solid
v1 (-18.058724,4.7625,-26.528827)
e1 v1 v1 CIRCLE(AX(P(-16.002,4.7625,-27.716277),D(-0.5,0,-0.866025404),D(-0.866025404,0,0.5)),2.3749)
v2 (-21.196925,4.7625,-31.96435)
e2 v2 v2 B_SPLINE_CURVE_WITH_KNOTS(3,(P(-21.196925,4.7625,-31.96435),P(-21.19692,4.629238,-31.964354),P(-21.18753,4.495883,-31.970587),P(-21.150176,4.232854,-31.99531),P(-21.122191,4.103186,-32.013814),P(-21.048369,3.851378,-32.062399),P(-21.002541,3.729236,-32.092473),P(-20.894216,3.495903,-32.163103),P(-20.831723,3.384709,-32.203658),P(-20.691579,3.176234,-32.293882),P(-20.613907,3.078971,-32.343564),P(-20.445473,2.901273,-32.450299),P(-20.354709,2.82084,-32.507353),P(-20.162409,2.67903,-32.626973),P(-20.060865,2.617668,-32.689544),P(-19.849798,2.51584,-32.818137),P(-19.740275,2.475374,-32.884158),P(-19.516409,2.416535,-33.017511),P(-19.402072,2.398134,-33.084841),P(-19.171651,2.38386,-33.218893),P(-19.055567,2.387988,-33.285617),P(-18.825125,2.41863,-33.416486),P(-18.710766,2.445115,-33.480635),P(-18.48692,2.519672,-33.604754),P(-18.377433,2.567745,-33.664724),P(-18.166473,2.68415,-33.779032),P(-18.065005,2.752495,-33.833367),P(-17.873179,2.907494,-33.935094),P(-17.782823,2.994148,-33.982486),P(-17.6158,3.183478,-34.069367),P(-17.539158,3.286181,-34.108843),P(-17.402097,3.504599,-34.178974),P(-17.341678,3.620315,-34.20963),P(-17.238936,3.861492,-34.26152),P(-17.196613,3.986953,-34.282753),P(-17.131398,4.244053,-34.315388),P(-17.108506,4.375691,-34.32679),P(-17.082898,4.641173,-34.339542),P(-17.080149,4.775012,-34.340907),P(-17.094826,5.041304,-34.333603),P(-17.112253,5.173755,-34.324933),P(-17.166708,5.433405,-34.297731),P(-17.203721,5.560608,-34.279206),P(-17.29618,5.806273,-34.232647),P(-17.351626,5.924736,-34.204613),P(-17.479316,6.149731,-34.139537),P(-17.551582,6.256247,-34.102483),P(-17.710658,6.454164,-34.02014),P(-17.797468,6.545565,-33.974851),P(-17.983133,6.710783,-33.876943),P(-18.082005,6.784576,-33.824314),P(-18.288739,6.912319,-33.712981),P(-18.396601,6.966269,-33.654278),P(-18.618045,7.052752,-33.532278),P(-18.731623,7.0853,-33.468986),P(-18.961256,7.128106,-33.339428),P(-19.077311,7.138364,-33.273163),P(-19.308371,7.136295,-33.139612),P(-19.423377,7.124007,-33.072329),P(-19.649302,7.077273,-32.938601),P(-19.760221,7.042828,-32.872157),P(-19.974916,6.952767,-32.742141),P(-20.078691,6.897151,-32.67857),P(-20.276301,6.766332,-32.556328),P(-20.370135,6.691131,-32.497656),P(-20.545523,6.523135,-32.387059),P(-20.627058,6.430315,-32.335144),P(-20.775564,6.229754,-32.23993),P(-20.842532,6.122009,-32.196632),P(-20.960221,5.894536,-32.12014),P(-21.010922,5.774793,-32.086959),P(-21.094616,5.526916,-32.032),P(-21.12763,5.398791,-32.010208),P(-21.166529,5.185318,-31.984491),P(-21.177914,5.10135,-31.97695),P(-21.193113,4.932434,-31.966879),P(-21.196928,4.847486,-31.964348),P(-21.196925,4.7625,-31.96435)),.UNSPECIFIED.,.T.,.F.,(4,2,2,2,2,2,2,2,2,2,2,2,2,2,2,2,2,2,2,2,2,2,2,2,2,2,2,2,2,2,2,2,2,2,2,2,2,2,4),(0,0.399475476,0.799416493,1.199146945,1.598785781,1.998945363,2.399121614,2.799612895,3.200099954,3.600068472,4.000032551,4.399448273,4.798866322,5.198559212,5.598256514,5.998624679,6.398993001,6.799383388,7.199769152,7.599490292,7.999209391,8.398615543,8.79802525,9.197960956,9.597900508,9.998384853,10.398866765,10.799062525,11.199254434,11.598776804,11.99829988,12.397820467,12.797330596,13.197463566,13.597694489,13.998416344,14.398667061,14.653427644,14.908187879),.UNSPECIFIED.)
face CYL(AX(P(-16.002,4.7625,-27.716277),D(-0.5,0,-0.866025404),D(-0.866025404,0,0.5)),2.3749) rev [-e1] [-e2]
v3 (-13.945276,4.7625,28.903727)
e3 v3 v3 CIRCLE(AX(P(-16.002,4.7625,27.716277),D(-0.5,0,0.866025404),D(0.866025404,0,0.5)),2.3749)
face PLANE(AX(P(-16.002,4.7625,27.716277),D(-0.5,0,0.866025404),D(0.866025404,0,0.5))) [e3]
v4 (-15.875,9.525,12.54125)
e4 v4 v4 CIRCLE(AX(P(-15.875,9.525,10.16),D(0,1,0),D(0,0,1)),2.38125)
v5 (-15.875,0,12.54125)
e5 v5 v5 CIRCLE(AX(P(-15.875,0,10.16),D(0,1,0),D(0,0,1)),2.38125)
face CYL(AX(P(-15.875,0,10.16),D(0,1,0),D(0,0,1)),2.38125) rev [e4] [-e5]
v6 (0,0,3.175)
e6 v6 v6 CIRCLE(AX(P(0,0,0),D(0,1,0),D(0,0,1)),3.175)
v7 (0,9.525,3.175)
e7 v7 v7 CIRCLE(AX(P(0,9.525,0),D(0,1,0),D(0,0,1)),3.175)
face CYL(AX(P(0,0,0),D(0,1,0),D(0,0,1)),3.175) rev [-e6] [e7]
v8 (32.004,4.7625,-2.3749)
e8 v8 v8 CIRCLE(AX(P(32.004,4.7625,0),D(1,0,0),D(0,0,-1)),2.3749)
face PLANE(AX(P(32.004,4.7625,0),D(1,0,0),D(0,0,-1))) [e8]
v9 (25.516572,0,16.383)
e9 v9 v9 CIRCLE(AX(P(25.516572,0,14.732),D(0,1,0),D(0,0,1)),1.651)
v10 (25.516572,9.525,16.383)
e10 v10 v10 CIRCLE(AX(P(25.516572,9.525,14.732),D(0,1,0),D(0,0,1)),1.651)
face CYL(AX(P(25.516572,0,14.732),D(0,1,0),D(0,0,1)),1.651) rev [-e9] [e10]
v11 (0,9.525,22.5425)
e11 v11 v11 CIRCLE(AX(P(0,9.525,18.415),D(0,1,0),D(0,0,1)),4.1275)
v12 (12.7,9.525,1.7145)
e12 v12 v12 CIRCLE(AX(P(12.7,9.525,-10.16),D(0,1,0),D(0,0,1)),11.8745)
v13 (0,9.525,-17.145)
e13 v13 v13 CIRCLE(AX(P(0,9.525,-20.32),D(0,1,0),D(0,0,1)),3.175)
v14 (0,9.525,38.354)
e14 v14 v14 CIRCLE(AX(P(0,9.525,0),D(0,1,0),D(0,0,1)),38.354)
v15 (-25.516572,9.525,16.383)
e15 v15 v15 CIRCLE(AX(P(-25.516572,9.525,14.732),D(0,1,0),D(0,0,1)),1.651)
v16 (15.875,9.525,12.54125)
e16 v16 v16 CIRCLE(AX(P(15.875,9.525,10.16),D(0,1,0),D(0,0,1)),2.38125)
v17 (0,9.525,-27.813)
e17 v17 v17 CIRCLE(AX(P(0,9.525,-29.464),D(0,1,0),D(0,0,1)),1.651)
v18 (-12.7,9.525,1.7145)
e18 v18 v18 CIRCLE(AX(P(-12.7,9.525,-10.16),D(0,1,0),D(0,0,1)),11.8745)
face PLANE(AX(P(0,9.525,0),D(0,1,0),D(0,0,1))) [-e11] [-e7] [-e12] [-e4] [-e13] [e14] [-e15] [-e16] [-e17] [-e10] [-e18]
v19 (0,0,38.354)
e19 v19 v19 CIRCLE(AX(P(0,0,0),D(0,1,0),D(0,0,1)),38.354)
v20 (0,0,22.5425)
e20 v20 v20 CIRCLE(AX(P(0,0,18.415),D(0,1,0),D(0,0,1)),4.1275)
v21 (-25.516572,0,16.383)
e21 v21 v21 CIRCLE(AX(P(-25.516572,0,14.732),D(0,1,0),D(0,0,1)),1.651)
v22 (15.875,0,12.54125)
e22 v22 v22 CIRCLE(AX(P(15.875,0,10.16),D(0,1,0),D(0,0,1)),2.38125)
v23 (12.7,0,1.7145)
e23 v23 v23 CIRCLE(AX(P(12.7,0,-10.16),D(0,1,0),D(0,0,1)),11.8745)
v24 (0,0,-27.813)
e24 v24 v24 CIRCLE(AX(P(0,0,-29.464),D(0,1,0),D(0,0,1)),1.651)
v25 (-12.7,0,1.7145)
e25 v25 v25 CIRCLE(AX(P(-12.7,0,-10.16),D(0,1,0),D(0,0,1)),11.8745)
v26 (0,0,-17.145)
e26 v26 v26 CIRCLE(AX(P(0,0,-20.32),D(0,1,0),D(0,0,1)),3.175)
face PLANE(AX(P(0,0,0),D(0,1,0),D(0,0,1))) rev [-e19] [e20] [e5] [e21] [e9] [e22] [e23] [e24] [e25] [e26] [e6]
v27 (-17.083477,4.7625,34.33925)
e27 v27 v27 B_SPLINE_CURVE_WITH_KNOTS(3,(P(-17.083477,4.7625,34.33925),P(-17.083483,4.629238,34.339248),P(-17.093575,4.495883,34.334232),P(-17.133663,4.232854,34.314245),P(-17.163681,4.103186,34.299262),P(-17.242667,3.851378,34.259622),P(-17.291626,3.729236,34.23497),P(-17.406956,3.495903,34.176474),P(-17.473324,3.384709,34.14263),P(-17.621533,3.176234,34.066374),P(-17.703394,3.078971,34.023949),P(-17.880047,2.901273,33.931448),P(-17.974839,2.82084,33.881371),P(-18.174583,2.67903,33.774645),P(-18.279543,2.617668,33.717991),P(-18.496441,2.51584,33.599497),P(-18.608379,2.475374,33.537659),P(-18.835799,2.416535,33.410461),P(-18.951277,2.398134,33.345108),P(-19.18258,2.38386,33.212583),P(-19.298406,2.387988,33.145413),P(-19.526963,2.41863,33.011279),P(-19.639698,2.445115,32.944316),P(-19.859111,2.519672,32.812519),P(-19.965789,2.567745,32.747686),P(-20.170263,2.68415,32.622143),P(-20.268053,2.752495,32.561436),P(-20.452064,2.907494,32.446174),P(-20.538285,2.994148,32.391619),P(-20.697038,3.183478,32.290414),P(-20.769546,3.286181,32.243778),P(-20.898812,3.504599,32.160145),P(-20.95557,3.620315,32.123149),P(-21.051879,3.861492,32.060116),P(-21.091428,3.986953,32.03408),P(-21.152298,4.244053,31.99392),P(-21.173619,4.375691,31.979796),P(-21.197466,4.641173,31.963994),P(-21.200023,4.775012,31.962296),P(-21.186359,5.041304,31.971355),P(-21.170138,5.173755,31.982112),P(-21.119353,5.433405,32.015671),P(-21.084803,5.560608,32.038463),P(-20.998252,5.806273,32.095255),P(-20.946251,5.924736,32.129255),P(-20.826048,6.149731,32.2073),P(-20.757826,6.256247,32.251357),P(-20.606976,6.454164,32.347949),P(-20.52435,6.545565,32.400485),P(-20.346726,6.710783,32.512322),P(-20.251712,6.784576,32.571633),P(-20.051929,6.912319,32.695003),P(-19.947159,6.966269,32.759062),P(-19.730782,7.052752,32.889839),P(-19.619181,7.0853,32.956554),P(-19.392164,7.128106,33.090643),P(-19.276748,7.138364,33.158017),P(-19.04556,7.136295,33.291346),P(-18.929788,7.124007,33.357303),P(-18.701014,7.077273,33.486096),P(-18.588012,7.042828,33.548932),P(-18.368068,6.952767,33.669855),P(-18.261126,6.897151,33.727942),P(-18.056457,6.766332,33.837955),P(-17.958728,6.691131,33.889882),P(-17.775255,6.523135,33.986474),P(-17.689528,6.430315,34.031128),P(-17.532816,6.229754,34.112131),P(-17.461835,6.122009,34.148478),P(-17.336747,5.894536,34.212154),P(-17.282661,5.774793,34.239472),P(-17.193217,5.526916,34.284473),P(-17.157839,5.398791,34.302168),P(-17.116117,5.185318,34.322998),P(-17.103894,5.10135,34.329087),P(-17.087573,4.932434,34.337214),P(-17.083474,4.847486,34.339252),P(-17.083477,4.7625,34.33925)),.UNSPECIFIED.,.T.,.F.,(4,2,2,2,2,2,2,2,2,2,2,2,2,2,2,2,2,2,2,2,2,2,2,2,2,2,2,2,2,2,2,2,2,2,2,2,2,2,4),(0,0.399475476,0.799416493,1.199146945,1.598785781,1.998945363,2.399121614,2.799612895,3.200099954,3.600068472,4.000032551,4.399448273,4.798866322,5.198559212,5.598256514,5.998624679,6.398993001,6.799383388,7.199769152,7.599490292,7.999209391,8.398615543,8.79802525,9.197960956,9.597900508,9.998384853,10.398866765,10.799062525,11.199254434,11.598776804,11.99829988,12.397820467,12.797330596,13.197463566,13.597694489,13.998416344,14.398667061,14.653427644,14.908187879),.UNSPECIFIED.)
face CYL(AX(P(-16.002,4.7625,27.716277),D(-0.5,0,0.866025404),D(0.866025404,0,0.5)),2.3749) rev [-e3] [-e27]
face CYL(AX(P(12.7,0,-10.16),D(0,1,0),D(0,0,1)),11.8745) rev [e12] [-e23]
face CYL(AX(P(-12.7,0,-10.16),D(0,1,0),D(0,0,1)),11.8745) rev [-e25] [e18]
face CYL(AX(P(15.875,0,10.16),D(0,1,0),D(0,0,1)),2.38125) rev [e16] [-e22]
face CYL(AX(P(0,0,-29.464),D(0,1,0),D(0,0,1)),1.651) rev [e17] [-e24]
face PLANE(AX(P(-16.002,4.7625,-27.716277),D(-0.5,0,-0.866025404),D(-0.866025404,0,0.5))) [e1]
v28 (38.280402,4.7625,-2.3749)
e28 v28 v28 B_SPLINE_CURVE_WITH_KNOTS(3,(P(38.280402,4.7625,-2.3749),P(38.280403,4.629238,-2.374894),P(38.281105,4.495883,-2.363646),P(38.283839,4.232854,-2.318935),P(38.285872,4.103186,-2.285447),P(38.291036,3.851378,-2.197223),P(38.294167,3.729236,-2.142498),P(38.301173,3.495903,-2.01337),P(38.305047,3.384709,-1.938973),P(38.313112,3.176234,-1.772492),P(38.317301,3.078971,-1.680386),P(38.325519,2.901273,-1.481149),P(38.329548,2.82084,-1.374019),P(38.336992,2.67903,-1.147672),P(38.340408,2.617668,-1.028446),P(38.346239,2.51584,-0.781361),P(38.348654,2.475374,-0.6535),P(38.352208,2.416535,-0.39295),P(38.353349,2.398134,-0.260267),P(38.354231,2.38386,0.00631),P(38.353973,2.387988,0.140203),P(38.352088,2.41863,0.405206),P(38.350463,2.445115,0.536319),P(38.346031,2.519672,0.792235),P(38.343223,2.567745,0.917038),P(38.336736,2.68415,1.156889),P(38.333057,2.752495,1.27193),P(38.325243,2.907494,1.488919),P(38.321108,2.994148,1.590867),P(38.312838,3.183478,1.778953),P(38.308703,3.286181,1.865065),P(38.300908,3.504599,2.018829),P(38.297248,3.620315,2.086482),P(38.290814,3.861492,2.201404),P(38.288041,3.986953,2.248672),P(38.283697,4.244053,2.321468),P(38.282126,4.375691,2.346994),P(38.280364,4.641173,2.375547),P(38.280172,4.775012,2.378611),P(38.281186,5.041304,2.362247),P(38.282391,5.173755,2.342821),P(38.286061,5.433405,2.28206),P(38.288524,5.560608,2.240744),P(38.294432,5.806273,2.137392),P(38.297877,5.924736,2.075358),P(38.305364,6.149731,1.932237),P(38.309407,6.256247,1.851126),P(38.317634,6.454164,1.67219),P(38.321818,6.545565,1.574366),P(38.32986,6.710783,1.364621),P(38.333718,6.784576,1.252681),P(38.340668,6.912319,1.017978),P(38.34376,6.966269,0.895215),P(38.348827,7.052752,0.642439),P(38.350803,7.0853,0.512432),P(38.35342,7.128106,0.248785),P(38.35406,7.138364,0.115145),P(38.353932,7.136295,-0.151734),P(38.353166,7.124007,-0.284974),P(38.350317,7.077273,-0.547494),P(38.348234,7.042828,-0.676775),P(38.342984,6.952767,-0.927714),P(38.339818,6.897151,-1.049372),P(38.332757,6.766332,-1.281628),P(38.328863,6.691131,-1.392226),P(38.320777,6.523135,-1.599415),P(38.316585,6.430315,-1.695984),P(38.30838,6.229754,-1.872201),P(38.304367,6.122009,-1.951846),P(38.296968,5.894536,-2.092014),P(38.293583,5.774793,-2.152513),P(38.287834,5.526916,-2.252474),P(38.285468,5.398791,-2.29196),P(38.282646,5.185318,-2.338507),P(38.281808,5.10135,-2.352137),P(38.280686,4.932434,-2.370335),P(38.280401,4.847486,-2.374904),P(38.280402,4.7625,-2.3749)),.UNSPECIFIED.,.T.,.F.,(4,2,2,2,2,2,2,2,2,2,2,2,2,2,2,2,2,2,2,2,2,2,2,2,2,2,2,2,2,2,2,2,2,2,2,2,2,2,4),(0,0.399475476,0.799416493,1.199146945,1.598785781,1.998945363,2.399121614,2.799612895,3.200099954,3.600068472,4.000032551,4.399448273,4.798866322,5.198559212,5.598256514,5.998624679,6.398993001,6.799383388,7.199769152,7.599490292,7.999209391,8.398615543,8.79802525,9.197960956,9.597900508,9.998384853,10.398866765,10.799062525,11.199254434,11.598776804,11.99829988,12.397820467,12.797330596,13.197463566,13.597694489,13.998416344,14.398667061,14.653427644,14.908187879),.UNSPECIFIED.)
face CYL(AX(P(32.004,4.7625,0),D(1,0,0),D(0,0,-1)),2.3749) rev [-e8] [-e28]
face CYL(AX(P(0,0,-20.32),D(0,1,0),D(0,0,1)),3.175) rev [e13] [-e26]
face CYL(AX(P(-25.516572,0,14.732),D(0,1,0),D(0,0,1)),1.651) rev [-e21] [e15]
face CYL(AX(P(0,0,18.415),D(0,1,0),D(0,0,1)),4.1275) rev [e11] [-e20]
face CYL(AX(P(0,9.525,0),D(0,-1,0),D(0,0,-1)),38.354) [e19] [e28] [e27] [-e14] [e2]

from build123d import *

# Parameters (mm, degrees)
SKETCH1_R               = 38.354
BOSS_EXTRUDE1_DEPTH     = 9.525
SKETCH2_R               = 1.651
SKETCH2_R_2             = 4.1275
SKETCH2_R_3             = 11.8745
SKETCH2_R_4             = 3.175
CUT_EXTRUDE1_DEPTH      = 56.070720506
SKETCH4_R               = 2.3749
CUT_EXTRUDE2_DEPTH      = 6.35
CIRPATTERN1_COUNT       = 3
CUT_EXTRUDE3_DEPTH      = 56.070720662
CUT_EXTRUDE3_DEPTH_BACK = 56.070720662
SKETCH5_R               = 2.38125


with BuildPart() as part:
    # Sketch1 → Boss-Extrude1 (new body)
    with BuildSketch(Plane(origin=(0, 0, 0), x_dir=(1, 0, 0), z_dir=(0, 1, 0))):
        Circle(SKETCH1_R)
    extrude(amount=BOSS_EXTRUDE1_DEPTH)

    # Sketch2 → Cut-Extrude1 (cut, through all)
    with BuildSketch(Plane(origin=(0, 9.525, 0), x_dir=(1, 0, 0), z_dir=(0, 1, 0))):
        with Locations((0, 29.464)):
            Circle(SKETCH2_R)
        with Locations((25.516572497, -14.732)):
            Circle(SKETCH2_R)
        with Locations((-25.516572497, -14.732)):
            Circle(SKETCH2_R)
        with Locations((0, -18.415)):
            Circle(SKETCH2_R_2)
        with Locations((-12.7, 10.16)):
            Circle(SKETCH2_R_3)
        with Locations((12.7, 10.16)):
            Circle(SKETCH2_R_3)
        with Locations((0, 20.32)):
            Circle(SKETCH2_R_4)
        Circle(SKETCH2_R_4)
    extrude(amount=-CUT_EXTRUDE1_DEPTH, mode=Mode.SUBTRACT)

    # Sketch4 → Cut-Extrude2 (cut)
    with BuildSketch(Plane(origin=(-19.177, 0, -33.215538337), x_dir=(0, -1, 0), z_dir=(-0.499999999999998, 0, -0.8660254037844398))):
        with Locations((-4.7625, 0)):
            Circle(SKETCH4_R)
    cut_extrude2 = extrude(amount=-CUT_EXTRUDE2_DEPTH, mode=Mode.SUBTRACT)

    # CirPattern1: Cut-Extrude2 ×3 about axis
    cirpattern1_axis = Axis((0, 10.00125, 0), (0, -1, 0))
    for i in range(1, CIRPATTERN1_COUNT):
        add(cut_extrude2.rotate(cirpattern1_axis, i * 360 / CIRPATTERN1_COUNT), mode=Mode.SUBTRACT)

    # Sketch5 → Cut-Extrude3 (cut, two sides: drawn at the far end of the back side and taken through both)
    with BuildSketch(Plane(origin=(0, 9.525, 0), x_dir=(1, 0, 0), z_dir=(0, 1, 0)).offset(-CUT_EXTRUDE3_DEPTH_BACK)):
        with Locations((-15.875, -10.16)):
            Circle(SKETCH5_R)
        with Locations((15.875, -10.16)):
            Circle(SKETCH5_R)
    extrude(amount=CUT_EXTRUDE3_DEPTH + CUT_EXTRUDE3_DEPTH_BACK, mode=Mode.SUBTRACT)


solid = part.part
